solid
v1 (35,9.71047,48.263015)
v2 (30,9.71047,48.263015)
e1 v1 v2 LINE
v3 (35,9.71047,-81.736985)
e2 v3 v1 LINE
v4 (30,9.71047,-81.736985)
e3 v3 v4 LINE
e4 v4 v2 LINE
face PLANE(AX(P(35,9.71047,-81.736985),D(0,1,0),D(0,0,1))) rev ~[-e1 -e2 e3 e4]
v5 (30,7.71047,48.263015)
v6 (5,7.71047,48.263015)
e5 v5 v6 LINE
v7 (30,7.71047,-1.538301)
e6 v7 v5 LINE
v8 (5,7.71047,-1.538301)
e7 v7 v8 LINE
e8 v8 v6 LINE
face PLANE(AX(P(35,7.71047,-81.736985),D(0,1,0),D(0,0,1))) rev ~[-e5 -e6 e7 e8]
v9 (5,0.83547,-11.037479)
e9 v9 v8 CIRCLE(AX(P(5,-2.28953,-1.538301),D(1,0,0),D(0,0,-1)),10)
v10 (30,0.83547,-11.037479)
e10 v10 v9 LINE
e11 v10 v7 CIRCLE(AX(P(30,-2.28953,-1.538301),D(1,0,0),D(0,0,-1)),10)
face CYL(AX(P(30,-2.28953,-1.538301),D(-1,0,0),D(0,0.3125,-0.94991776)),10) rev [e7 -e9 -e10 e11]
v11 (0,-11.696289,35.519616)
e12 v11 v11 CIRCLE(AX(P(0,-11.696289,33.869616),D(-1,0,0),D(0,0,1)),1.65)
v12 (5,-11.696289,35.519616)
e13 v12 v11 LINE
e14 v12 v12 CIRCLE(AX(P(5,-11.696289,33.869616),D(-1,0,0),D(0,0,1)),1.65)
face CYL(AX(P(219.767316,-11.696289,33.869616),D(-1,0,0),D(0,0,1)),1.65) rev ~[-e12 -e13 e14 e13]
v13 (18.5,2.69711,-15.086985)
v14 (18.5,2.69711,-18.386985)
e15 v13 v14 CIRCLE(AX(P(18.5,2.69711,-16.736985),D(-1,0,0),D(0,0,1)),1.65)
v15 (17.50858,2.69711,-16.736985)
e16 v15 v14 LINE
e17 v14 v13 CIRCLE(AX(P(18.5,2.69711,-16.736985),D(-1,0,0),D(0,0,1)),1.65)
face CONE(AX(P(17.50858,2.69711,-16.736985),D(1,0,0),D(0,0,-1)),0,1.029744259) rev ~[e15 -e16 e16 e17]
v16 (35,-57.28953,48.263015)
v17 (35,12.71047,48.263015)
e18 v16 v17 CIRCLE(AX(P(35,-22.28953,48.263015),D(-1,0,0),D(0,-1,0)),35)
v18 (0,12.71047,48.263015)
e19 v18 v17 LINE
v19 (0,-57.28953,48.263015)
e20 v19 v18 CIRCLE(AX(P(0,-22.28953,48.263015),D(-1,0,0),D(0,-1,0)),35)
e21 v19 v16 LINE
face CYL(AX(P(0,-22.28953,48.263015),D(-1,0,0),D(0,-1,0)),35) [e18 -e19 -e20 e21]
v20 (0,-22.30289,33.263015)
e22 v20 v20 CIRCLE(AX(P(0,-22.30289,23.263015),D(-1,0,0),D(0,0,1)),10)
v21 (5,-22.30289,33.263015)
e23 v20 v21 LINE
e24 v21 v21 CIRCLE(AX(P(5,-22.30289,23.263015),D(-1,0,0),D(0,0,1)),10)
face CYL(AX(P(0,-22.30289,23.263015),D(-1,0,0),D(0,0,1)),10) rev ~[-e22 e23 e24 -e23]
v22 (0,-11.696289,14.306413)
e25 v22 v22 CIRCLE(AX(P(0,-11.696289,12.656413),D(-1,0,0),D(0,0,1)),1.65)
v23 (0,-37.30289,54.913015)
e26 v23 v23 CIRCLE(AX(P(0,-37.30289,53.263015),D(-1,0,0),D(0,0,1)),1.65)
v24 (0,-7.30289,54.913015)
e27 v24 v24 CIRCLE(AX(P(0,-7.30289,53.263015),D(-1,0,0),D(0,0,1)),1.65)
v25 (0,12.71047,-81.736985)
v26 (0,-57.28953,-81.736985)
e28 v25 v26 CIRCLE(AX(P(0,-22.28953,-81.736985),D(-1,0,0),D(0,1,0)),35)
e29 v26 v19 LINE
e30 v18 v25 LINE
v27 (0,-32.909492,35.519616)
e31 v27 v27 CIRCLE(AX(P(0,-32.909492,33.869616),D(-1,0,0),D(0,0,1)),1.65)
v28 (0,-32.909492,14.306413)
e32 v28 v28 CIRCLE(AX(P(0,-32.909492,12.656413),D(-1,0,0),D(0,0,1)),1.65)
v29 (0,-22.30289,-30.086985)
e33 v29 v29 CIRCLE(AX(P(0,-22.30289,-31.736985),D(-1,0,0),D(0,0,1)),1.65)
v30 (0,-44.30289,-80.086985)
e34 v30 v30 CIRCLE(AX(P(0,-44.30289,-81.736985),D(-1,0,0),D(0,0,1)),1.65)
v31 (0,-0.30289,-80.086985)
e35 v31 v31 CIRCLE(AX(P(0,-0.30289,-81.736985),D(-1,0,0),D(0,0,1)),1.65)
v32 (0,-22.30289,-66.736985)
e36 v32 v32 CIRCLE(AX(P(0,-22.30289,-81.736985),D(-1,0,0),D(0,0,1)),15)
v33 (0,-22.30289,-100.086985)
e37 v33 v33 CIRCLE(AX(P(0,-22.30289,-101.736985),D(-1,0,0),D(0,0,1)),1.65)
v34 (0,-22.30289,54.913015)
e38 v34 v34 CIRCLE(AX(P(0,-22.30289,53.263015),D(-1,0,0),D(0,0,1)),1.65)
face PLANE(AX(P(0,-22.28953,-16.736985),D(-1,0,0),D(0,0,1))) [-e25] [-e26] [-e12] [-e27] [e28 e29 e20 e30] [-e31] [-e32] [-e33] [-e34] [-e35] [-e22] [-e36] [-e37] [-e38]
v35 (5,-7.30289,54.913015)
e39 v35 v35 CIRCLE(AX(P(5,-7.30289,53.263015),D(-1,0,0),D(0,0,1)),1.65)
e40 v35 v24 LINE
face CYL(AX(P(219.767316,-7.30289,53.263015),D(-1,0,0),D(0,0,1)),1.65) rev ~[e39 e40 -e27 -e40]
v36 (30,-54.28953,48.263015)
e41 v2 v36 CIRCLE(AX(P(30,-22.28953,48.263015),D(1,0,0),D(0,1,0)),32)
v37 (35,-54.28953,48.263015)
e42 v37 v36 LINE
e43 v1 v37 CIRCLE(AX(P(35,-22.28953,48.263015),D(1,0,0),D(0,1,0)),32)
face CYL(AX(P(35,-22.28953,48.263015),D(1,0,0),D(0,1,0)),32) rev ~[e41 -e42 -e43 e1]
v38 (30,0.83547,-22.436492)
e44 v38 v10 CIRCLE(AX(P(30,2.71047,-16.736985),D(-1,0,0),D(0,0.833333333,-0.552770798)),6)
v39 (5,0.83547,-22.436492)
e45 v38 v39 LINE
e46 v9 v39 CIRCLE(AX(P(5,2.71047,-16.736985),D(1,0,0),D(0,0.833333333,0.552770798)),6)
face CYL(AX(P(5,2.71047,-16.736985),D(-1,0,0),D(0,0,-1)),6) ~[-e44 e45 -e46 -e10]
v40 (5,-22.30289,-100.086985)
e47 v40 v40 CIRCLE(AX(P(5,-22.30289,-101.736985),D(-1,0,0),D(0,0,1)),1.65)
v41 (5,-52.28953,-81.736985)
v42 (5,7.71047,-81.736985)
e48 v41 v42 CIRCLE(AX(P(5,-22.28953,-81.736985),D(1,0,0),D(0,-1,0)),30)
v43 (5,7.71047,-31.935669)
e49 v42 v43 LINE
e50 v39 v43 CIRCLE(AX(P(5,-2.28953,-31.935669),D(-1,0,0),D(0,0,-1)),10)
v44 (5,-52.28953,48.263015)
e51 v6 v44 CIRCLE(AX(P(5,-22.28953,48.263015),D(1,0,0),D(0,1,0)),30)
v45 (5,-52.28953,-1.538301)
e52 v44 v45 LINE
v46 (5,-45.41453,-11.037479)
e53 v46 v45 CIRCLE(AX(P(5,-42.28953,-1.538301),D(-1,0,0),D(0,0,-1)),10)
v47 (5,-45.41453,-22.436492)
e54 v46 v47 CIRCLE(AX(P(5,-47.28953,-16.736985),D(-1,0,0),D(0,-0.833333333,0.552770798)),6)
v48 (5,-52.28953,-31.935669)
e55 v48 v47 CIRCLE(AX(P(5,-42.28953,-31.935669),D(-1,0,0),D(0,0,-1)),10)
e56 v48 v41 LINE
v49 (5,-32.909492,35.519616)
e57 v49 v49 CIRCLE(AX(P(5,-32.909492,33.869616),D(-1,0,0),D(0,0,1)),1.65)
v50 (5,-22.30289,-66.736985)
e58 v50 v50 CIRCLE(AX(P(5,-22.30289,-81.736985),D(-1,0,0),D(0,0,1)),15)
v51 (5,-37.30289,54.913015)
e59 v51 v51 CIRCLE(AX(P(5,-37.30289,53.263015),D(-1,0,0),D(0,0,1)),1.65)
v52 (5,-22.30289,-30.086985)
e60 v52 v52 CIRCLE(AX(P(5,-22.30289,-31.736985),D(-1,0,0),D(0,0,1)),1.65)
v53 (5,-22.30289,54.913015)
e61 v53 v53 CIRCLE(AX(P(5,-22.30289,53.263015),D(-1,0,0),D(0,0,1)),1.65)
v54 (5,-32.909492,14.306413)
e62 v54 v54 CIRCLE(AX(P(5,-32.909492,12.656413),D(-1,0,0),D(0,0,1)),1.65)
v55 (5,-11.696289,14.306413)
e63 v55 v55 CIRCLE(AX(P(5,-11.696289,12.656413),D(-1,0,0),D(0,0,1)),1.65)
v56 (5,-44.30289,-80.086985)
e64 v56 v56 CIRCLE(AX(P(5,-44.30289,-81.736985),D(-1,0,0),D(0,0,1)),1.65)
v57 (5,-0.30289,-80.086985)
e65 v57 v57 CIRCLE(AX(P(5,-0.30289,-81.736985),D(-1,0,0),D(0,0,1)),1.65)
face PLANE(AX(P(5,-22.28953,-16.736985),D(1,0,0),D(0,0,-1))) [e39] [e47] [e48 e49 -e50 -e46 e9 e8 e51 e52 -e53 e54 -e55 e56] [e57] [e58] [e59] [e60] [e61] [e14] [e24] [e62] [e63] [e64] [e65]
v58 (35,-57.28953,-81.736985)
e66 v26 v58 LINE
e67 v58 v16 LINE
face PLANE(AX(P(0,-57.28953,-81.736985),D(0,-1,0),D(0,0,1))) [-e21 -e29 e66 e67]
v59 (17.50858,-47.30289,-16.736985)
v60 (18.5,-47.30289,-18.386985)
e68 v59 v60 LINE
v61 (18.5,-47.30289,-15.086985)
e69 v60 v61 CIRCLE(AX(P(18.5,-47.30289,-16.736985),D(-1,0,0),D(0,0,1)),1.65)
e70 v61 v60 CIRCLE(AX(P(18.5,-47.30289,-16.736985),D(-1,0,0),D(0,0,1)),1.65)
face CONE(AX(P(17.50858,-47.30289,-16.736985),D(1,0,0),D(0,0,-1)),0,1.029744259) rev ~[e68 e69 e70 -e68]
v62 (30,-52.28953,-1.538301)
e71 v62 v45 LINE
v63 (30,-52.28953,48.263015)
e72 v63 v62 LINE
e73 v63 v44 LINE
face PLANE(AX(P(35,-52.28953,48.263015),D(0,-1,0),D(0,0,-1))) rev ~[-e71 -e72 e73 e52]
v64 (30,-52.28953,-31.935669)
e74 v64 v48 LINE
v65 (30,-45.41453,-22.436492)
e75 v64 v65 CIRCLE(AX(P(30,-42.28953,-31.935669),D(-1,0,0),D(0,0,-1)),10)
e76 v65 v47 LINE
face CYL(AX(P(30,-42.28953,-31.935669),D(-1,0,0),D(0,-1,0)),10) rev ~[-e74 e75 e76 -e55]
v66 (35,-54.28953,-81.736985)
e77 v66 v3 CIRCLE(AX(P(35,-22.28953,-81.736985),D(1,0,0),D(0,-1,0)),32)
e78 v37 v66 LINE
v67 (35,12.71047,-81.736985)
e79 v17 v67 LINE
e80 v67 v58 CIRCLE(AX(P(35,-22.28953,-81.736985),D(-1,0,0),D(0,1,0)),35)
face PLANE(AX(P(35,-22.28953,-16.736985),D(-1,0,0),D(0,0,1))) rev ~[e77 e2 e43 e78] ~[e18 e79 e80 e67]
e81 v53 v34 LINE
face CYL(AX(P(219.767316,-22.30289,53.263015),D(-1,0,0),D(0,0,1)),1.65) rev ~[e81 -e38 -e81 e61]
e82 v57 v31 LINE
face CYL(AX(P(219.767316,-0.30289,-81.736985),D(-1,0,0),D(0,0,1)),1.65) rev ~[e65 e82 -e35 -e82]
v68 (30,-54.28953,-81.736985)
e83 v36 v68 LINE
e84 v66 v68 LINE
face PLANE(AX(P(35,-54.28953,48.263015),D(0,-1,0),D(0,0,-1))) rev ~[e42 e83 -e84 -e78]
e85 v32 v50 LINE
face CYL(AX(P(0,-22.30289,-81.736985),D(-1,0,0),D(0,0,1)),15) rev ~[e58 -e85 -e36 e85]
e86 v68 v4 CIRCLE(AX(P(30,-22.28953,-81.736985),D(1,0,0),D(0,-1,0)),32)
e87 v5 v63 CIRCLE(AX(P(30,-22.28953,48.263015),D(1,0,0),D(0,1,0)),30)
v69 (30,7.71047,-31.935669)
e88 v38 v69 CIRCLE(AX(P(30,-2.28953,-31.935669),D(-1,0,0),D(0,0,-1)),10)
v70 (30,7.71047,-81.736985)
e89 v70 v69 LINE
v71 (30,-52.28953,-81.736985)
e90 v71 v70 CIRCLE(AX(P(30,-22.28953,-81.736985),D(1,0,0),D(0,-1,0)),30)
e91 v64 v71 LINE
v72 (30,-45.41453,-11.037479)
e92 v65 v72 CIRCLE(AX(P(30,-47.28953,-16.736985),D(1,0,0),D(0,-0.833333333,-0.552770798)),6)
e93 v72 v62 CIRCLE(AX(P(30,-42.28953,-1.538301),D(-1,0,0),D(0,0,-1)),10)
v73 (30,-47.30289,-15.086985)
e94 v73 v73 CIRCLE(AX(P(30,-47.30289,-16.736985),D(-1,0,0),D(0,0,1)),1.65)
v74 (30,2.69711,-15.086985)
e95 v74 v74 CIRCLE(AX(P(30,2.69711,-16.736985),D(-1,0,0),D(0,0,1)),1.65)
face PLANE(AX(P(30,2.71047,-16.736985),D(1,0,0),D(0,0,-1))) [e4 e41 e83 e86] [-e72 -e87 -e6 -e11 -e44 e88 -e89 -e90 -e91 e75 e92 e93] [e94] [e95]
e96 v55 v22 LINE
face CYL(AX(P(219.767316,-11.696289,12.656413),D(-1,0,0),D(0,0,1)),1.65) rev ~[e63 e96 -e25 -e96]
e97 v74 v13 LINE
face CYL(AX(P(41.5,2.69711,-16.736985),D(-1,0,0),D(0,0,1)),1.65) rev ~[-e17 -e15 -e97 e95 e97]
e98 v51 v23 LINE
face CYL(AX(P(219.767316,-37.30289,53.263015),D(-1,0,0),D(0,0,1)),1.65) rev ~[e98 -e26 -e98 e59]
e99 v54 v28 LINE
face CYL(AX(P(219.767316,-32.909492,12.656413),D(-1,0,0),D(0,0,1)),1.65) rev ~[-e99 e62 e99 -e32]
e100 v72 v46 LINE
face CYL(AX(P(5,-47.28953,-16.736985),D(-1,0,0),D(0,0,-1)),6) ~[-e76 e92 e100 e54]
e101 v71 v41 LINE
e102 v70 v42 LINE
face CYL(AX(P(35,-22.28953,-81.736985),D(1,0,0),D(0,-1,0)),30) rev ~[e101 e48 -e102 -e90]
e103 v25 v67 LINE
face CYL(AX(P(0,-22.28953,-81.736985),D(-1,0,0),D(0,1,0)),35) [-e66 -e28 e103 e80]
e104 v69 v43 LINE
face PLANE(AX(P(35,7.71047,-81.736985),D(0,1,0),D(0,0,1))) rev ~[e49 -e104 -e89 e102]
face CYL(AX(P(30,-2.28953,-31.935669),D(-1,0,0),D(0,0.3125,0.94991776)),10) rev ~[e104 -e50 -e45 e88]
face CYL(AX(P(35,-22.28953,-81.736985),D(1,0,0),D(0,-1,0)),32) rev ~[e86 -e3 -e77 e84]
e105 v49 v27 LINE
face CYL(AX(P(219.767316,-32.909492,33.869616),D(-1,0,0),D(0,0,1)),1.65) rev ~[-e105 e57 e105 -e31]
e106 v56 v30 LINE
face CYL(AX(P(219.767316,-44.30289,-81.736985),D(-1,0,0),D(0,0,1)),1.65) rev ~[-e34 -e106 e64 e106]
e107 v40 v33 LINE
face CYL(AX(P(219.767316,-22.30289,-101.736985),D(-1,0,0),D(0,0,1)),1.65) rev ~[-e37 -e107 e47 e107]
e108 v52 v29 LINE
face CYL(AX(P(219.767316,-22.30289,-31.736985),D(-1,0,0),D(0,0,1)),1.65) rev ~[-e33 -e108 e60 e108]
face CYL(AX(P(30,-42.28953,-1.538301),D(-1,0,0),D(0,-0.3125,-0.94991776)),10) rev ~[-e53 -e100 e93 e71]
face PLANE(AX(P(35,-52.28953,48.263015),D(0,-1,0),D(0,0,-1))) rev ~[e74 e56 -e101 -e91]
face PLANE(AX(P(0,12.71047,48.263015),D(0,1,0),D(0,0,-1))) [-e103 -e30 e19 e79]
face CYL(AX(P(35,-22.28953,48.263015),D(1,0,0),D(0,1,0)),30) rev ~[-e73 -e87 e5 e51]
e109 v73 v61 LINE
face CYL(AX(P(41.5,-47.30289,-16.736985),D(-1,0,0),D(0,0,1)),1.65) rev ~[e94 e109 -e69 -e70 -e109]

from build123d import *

# Parameters (mm, degrees)
EXTRUDE_1_DEPTH          = 35
SKETCH_2_R               = 10
SKETCH_2_R_2             = 15
CUT_EXTRUDE_1_DEPTH      = 1
CUT_EXTRUDE_1_DEPTH_BACK = 36
CUT_EXTRUDE_2_DEPTH      = 30
CUT_EXTRUDE_3_DEPTH      = 5
SKETCH_10_R              = 6
EXTRUDE_2_DEPTH          = 25
FILLET_1_R               = 10
HOLE_WIZARD_M4_1_D       = 3.3
HOLE_WIZARD_M4_1_DEPTH   = 11.5
HOLE_WIZARD_M4_1_TIP     = 0.991420021
HOLE_WIZARD_M4_2_D       = 3.3


with BuildPart() as part:
    # 스케치1 → 보스-돌출1 (new body)
    with BuildSketch(Plane(origin=(0, 0, 0), x_dir=(0, 0, -1), z_dir=(1, 0, 0))):
        with BuildLine():
            Line((-48.263014716, 12.710470067), (81.736985284, 12.710470067))
            ThreePointArc((81.736985284, 12.710470067), (116.736985284, -22.289529933), (81.736985284, -57.289529933))
            Line((81.736985284, -57.289529933), (-48.263014716, -57.289529933))
            ThreePointArc((-48.263014716, -57.289529933), (-83.263014716, -22.289529933), (-48.263014716, 12.710470067))
        make_face()
    extrude(amount=EXTRUDE_1_DEPTH)

    # 스케치2 → 컷-돌출1 (cut, two sides)
    with BuildSketch(Plane.ZY) as cut_extrude_1_sk:
        with Locations((23.263014716, -22.302890454)):
            Circle(SKETCH_2_R)
        with Locations((-81.736985284, -22.302890454)):
            Circle(SKETCH_2_R_2)
    extrude(amount=CUT_EXTRUDE_1_DEPTH, mode=Mode.SUBTRACT)
    extrude(cut_extrude_1_sk.sketch, amount=-CUT_EXTRUDE_1_DEPTH_BACK, mode=Mode.SUBTRACT)

    # 스케치3 → 컷-돌출2 (cut)
    with BuildSketch(Plane(origin=(35, 0, 0), x_dir=(0, 0, -1), z_dir=(1, 0, 0))):
        with BuildLine():
            Line((81.736985284, 7.710470067), (-48.263014716, 7.710470067))
            ThreePointArc((-48.263014716, 7.710470067), (-78.263014716, -22.289529933), (-48.263014716, -52.289529933))
            Line((-48.263014716, -52.289529933), (81.736985284, -52.289529933))
            ThreePointArc((81.736985284, -52.289529933), (111.736985284, -22.289529933), (81.736985284, 7.710470067))
        make_face()
    extrude(amount=-CUT_EXTRUDE_2_DEPTH, mode=Mode.SUBTRACT)

    # 스케치5 → 컷-돌출3 (cut)
    with BuildSketch(Plane(origin=(35, 0, 0), x_dir=(0, 0, -1), z_dir=(1, 0, 0))):
        with BuildLine():
            Line((-48.263014716, -54.289529933), (81.736985284, -54.289529933))
            ThreePointArc((81.736985284, -54.289529933), (113.736985284, -22.289529933), (81.736985284, 9.710470067))
            Line((81.736985284, 9.710470067), (-48.263014716, 9.710470067))
            ThreePointArc((-48.263014716, 9.710470067), (-80.263014716, -22.289529933), (-48.263014716, -54.289529933))
        make_face()
        with BuildLine():
            Line((-48.263014716, -52.289529933), (81.736985284, -52.289529933))
            ThreePointArc((81.736985284, -52.289529933), (111.736985284, -22.289529933), (81.736985284, 7.710470067))
            Line((81.736985284, 7.710470067), (-48.263014716, 7.710470067))
            ThreePointArc((-48.263014716, 7.710470067), (-78.263014716, -22.289529933), (-48.263014716, -52.289529933))
        make_face(mode=Mode.SUBTRACT)
    extrude(amount=-CUT_EXTRUDE_3_DEPTH, mode=Mode.SUBTRACT)

    # 스케치10 → 보스-돌출2 (add)
    with BuildSketch(Plane(origin=(5, 0, 0), x_dir=(0, 0, -1), z_dir=(1, 0, 0))):
        with Locations((16.736985284, 2.710470067)):
            Circle(SKETCH_10_R)
        with Locations((16.736985284, -47.289529933)):
            Circle(SKETCH_10_R)
    extrude(amount=EXTRUDE_2_DEPTH)

    # 필렛1
    fillet_1_edges = [part.edges().sort_by_distance(p)[0] for p in [
        (17.5, 7.710470067, -20.053610075),
        (17.5, 7.710470067, -13.420360494),
        (17.5, -52.289529933, -13.420360494),
        (17.5, -52.289529933, -20.053610075),
    ]]
    fillet(fillet_1_edges, radius=FILLET_1_R)

    # M4 나사 구멍1
    with Locations(Plane(origin=(30, 0, 0), x_dir=(0, 0, -1), z_dir=(1, 0, 0))):
        with Locations((16.736985284, 2.697109546), (16.736985284, -47.302890454)):
            Hole(HOLE_WIZARD_M4_1_D / 2, depth=HOLE_WIZARD_M4_1_DEPTH)
            with Locations((0, 0, -(HOLE_WIZARD_M4_1_DEPTH + HOLE_WIZARD_M4_1_TIP / 2))):  # 118° drill point
                Cone(0, HOLE_WIZARD_M4_1_D / 2, HOLE_WIZARD_M4_1_TIP, mode=Mode.SUBTRACT)

    # M4 나사 구멍2 (through all)
    with Locations(Plane(origin=(5, 0, 0), x_dir=(0, 0, -1), z_dir=(1, 0, 0))):
        with Locations((-33.869616434, -11.696288736), (-12.656412998, -11.696288736), (-12.656412998, -32.909492171), (-33.869616434, -32.909492171), (-53.263014716, -37.302890454), (-53.263014716, -22.302890454), (-53.263014716, -7.302890454), (81.736985284, -0.302890454), (101.736985284, -22.302890454), (81.736985284, -44.302890454), (31.736985284, -22.302890454)):
            Hole(HOLE_WIZARD_M4_2_D / 2)


solid = part.part
